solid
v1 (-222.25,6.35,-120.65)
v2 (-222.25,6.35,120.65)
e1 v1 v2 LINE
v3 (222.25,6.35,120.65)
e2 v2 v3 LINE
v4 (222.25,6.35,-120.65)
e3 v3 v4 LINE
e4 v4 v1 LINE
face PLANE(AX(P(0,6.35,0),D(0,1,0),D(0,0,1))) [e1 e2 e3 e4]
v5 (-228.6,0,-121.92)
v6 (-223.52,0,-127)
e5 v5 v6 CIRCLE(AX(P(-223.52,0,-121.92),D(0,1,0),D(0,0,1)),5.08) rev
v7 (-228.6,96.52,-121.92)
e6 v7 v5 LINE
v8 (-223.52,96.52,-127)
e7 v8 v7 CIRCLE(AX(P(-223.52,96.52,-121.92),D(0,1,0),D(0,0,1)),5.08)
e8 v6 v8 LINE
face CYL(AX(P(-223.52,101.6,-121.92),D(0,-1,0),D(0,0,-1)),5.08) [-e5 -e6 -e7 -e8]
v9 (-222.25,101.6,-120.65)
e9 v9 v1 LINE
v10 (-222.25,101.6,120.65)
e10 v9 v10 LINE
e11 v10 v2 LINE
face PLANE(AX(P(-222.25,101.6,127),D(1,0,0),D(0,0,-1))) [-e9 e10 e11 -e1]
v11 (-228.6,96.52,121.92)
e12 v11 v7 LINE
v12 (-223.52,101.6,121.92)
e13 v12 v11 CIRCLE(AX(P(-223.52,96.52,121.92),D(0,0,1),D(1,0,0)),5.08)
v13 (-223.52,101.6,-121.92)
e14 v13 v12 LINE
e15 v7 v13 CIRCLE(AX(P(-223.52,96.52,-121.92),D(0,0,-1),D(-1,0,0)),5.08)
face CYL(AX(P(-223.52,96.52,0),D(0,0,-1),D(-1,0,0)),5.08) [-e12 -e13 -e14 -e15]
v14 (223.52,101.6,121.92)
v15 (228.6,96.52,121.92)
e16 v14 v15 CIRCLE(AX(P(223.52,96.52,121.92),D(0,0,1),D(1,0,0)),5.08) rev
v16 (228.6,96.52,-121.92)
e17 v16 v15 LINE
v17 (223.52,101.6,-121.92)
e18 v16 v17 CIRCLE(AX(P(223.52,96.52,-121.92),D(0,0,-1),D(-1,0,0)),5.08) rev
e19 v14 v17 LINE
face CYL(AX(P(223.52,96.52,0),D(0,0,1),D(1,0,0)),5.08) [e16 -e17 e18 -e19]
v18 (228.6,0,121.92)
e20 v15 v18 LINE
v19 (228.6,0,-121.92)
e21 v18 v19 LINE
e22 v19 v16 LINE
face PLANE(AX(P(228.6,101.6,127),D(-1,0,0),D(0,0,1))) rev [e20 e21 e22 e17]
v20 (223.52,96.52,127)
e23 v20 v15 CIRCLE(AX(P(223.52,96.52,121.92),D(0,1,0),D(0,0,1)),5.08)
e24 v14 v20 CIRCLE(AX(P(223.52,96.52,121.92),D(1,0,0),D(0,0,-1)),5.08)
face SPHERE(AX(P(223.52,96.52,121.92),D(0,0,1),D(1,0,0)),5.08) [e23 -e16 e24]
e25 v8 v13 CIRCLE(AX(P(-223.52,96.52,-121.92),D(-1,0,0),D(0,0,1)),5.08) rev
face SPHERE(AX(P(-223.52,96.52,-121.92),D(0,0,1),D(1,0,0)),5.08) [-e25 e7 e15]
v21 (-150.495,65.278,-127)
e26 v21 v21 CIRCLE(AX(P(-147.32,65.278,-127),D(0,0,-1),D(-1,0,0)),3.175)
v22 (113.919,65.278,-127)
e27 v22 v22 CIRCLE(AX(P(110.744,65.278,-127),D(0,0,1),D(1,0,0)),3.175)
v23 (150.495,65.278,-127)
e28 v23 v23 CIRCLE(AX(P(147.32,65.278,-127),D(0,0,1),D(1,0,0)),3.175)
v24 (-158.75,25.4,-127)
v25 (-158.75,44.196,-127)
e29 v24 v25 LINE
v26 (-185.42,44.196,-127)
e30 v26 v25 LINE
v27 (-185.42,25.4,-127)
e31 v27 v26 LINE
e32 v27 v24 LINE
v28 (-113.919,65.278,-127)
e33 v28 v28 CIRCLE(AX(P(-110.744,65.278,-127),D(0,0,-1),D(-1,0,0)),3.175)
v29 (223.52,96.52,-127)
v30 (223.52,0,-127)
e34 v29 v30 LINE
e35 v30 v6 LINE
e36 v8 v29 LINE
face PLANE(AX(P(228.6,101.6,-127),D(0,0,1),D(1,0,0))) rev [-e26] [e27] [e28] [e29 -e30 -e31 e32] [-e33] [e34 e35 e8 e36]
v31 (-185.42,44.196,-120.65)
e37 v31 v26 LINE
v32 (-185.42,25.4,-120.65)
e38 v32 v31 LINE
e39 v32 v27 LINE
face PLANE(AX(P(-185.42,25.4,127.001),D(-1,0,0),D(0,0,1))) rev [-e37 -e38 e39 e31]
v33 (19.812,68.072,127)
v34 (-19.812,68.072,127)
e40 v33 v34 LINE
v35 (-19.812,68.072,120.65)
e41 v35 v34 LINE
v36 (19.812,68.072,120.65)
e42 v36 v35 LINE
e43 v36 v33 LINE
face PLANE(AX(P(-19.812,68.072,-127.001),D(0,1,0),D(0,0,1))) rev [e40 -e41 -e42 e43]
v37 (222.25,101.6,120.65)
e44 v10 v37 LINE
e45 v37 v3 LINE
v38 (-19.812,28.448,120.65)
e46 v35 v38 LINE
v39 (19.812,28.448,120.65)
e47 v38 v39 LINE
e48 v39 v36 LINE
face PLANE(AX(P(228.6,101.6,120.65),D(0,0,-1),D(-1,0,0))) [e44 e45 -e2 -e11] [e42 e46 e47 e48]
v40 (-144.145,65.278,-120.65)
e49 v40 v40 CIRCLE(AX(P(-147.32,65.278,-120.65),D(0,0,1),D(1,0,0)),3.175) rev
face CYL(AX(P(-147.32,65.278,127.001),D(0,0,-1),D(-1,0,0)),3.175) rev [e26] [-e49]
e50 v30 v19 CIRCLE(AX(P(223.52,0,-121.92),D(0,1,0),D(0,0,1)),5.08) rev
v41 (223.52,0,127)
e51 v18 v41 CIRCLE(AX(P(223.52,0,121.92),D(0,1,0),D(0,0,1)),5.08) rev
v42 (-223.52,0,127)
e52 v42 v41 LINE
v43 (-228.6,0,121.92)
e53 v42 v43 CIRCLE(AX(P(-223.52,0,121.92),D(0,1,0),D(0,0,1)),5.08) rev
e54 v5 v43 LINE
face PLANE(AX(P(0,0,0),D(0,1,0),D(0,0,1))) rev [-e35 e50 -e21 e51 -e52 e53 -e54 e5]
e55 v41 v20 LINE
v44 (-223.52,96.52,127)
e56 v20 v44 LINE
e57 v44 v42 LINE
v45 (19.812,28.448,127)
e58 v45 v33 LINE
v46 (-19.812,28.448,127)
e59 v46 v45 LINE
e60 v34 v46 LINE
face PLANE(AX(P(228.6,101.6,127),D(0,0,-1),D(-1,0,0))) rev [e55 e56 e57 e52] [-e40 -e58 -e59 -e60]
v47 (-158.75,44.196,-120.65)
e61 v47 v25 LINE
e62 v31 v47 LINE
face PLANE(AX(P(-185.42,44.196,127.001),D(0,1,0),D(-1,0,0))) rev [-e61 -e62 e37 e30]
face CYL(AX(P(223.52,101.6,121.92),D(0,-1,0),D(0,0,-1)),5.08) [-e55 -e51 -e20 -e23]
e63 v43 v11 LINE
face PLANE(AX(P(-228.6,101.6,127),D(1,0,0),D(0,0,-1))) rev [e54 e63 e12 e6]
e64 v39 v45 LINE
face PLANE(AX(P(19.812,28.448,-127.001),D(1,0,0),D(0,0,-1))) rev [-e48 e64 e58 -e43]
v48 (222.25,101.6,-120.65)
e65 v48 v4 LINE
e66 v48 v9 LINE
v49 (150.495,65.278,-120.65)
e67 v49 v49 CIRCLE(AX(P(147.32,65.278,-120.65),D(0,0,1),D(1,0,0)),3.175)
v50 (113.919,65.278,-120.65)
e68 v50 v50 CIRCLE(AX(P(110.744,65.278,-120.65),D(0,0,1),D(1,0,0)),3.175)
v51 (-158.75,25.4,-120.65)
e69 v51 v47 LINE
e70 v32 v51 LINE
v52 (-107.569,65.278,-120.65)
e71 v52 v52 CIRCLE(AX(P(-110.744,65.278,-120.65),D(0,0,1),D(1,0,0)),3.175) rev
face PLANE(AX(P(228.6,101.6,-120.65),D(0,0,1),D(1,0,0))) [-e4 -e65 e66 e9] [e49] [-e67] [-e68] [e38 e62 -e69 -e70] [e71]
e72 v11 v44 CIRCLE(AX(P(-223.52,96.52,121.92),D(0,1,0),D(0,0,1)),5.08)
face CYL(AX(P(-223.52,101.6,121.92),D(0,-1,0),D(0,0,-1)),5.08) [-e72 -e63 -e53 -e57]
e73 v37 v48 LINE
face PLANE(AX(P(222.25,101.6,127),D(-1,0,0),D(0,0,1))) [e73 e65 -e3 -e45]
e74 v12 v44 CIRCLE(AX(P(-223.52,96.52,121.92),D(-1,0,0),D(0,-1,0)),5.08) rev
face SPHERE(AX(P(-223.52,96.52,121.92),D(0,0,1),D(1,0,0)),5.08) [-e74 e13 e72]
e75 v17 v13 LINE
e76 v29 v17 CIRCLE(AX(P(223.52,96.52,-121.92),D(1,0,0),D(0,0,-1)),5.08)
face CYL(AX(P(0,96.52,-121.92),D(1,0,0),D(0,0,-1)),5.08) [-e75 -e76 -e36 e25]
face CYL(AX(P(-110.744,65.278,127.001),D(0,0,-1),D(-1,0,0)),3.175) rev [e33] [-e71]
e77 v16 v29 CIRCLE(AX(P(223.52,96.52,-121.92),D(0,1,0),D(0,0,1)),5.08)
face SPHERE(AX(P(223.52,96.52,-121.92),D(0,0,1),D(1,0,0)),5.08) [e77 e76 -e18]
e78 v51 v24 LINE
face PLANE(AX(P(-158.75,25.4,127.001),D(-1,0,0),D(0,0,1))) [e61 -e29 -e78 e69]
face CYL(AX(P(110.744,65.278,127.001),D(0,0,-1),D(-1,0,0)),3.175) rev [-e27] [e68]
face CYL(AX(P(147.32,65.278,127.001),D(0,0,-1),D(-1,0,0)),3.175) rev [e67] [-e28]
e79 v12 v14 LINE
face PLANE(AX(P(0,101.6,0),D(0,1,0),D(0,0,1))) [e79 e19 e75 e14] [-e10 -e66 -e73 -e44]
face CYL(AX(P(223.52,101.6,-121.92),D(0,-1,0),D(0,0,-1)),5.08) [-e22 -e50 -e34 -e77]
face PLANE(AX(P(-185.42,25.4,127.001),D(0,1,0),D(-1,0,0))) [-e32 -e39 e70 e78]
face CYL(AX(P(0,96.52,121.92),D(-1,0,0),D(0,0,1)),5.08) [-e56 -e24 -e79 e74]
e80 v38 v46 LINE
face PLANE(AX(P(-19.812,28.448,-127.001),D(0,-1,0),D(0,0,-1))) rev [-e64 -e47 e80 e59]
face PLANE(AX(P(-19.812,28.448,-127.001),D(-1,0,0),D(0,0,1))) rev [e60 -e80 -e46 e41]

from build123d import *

# Parameters (mm, degrees)
SKETCH1_W           = 457.2
SKETCH1_H           = 254
BOSS_EXTRUDE1_DEPTH = 101.6
SHELL1_T            = -6.35
FILLET1_R           = 5.08
CUT_EXTRUDE1_REACH  = 358.506
SKETCH3_W           = 39.624
SKETCH3_H           = 39.624
CUT_EXTRUDE3_REACH  = 358.506
SKETCH6_R           = 3.175
CUT_EXTRUDE4_REACH  = 358.506
SKETCH7_W           = 26.67
SKETCH7_H           = 18.796


with BuildPart() as part:
    # Sketch1 → Boss-Extrude1 (new body)
    with BuildSketch(Plane(origin=(0, 0, 0), x_dir=(1, 0, 0), z_dir=(0, 1, 0))):
        Rectangle(SKETCH1_W, SKETCH1_H)
    extrude(amount=BOSS_EXTRUDE1_DEPTH)

    # Shell1
    shell1_openings = [part.faces().sort_by_distance(p)[0] for p in [
        (0, 101.6, 0),
    ]]
    offset(amount=SHELL1_T, openings=shell1_openings, kind=Kind.INTERSECTION)

    # Fillet1
    fillet1_edges = [part.edges().sort_by_distance(p)[0] for p in [
        (228.6, 101.6, 0),
        (0, 101.6, -127),
        (-228.6, 101.6, 0),
        (0, 101.6, 127),
        (-228.6, 50.8, -127),
        (228.6, 50.8, -127),
        (228.6, 50.8, 127),
        (-228.6, 50.8, 127),
    ]]
    fillet(fillet1_edges, radius=FILLET1_R)

    # Sketch3 → Cut-Extrude1 (cut, up to next)
    with BuildSketch(Plane.XY.offset(127), mode=Mode.PRIVATE) as cut_extrude1_sk1:
        with Locations((0, 48.26)):
            Rectangle(SKETCH3_W, SKETCH3_H)
    cut_extrude1_tool1 = extrude(cut_extrude1_sk1.sketch, amount=-CUT_EXTRUDE1_REACH, mode=Mode.PRIVATE) & part.part
    add(cut_extrude1_tool1.solids().sort_by_distance((0, 48.26, 127))[0], mode=Mode.SUBTRACT)

    # Sketch6 → Cut-Extrude3 (cut, up to next)
    with BuildSketch(Plane(origin=(0, 0, -127), x_dir=(-1, 0, 0), z_dir=(0, 0, -1)), mode=Mode.PRIVATE) as cut_extrude3_sk1:
        with Locations((147.32, 65.278)):
            Circle(SKETCH6_R)
    cut_extrude3_tool1 = extrude(cut_extrude3_sk1.sketch, amount=-CUT_EXTRUDE3_REACH, mode=Mode.PRIVATE) & part.part
    # Sketch6 → Cut-Extrude3 (cut, up to next)
    with BuildSketch(Plane(origin=(0, 0, -127), x_dir=(-1, 0, 0), z_dir=(0, 0, -1)), mode=Mode.PRIVATE) as cut_extrude3_sk2:
        with Locations((110.744, 65.278)):
            Circle(SKETCH6_R)
    cut_extrude3_tool2 = extrude(cut_extrude3_sk2.sketch, amount=-CUT_EXTRUDE3_REACH, mode=Mode.PRIVATE) & part.part
    # Sketch6 → Cut-Extrude3 (cut, up to next)
    with BuildSketch(Plane(origin=(0, 0, -127), x_dir=(-1, 0, 0), z_dir=(0, 0, -1)), mode=Mode.PRIVATE) as cut_extrude3_sk3:
        with Locations(Location((-147.32, 65.278, 0), (0, 0, 180))):
            Circle(SKETCH6_R)
    cut_extrude3_tool3 = extrude(cut_extrude3_sk3.sketch, amount=-CUT_EXTRUDE3_REACH, mode=Mode.PRIVATE) & part.part
    # Sketch6 → Cut-Extrude3 (cut, up to next)
    with BuildSketch(Plane(origin=(0, 0, -127), x_dir=(-1, 0, 0), z_dir=(0, 0, -1)), mode=Mode.PRIVATE) as cut_extrude3_sk4:
        with Locations(Location((-110.744, 65.278, 0), (0, 0, 180))):
            Circle(SKETCH6_R)
    cut_extrude3_tool4 = extrude(cut_extrude3_sk4.sketch, amount=-CUT_EXTRUDE3_REACH, mode=Mode.PRIVATE) & part.part
    add(cut_extrude3_tool1.solids().sort_by_distance((-147.32, 65.278, -127))[0], mode=Mode.SUBTRACT)
    add(cut_extrude3_tool2.solids().sort_by_distance((-110.744, 65.278, -127))[0], mode=Mode.SUBTRACT)
    add(cut_extrude3_tool3.solids().sort_by_distance((147.32, 65.278, -127))[0], mode=Mode.SUBTRACT)
    add(cut_extrude3_tool4.solids().sort_by_distance((110.744, 65.278, -127))[0], mode=Mode.SUBTRACT)

    # Sketch7 → Cut-Extrude4 (cut, up to next)
    with BuildSketch(Plane(origin=(0, 0, -127), x_dir=(-1, 0, 0), z_dir=(0, 0, -1)), mode=Mode.PRIVATE) as cut_extrude4_sk1:
        with Locations((172.085, 34.798)):
            Rectangle(SKETCH7_W, SKETCH7_H)
    cut_extrude4_tool1 = extrude(cut_extrude4_sk1.sketch, amount=-CUT_EXTRUDE4_REACH, mode=Mode.PRIVATE) & part.part
    add(cut_extrude4_tool1.solids().sort_by_distance((-172.085, 34.798, -127))[0], mode=Mode.SUBTRACT)


solid = part.part
